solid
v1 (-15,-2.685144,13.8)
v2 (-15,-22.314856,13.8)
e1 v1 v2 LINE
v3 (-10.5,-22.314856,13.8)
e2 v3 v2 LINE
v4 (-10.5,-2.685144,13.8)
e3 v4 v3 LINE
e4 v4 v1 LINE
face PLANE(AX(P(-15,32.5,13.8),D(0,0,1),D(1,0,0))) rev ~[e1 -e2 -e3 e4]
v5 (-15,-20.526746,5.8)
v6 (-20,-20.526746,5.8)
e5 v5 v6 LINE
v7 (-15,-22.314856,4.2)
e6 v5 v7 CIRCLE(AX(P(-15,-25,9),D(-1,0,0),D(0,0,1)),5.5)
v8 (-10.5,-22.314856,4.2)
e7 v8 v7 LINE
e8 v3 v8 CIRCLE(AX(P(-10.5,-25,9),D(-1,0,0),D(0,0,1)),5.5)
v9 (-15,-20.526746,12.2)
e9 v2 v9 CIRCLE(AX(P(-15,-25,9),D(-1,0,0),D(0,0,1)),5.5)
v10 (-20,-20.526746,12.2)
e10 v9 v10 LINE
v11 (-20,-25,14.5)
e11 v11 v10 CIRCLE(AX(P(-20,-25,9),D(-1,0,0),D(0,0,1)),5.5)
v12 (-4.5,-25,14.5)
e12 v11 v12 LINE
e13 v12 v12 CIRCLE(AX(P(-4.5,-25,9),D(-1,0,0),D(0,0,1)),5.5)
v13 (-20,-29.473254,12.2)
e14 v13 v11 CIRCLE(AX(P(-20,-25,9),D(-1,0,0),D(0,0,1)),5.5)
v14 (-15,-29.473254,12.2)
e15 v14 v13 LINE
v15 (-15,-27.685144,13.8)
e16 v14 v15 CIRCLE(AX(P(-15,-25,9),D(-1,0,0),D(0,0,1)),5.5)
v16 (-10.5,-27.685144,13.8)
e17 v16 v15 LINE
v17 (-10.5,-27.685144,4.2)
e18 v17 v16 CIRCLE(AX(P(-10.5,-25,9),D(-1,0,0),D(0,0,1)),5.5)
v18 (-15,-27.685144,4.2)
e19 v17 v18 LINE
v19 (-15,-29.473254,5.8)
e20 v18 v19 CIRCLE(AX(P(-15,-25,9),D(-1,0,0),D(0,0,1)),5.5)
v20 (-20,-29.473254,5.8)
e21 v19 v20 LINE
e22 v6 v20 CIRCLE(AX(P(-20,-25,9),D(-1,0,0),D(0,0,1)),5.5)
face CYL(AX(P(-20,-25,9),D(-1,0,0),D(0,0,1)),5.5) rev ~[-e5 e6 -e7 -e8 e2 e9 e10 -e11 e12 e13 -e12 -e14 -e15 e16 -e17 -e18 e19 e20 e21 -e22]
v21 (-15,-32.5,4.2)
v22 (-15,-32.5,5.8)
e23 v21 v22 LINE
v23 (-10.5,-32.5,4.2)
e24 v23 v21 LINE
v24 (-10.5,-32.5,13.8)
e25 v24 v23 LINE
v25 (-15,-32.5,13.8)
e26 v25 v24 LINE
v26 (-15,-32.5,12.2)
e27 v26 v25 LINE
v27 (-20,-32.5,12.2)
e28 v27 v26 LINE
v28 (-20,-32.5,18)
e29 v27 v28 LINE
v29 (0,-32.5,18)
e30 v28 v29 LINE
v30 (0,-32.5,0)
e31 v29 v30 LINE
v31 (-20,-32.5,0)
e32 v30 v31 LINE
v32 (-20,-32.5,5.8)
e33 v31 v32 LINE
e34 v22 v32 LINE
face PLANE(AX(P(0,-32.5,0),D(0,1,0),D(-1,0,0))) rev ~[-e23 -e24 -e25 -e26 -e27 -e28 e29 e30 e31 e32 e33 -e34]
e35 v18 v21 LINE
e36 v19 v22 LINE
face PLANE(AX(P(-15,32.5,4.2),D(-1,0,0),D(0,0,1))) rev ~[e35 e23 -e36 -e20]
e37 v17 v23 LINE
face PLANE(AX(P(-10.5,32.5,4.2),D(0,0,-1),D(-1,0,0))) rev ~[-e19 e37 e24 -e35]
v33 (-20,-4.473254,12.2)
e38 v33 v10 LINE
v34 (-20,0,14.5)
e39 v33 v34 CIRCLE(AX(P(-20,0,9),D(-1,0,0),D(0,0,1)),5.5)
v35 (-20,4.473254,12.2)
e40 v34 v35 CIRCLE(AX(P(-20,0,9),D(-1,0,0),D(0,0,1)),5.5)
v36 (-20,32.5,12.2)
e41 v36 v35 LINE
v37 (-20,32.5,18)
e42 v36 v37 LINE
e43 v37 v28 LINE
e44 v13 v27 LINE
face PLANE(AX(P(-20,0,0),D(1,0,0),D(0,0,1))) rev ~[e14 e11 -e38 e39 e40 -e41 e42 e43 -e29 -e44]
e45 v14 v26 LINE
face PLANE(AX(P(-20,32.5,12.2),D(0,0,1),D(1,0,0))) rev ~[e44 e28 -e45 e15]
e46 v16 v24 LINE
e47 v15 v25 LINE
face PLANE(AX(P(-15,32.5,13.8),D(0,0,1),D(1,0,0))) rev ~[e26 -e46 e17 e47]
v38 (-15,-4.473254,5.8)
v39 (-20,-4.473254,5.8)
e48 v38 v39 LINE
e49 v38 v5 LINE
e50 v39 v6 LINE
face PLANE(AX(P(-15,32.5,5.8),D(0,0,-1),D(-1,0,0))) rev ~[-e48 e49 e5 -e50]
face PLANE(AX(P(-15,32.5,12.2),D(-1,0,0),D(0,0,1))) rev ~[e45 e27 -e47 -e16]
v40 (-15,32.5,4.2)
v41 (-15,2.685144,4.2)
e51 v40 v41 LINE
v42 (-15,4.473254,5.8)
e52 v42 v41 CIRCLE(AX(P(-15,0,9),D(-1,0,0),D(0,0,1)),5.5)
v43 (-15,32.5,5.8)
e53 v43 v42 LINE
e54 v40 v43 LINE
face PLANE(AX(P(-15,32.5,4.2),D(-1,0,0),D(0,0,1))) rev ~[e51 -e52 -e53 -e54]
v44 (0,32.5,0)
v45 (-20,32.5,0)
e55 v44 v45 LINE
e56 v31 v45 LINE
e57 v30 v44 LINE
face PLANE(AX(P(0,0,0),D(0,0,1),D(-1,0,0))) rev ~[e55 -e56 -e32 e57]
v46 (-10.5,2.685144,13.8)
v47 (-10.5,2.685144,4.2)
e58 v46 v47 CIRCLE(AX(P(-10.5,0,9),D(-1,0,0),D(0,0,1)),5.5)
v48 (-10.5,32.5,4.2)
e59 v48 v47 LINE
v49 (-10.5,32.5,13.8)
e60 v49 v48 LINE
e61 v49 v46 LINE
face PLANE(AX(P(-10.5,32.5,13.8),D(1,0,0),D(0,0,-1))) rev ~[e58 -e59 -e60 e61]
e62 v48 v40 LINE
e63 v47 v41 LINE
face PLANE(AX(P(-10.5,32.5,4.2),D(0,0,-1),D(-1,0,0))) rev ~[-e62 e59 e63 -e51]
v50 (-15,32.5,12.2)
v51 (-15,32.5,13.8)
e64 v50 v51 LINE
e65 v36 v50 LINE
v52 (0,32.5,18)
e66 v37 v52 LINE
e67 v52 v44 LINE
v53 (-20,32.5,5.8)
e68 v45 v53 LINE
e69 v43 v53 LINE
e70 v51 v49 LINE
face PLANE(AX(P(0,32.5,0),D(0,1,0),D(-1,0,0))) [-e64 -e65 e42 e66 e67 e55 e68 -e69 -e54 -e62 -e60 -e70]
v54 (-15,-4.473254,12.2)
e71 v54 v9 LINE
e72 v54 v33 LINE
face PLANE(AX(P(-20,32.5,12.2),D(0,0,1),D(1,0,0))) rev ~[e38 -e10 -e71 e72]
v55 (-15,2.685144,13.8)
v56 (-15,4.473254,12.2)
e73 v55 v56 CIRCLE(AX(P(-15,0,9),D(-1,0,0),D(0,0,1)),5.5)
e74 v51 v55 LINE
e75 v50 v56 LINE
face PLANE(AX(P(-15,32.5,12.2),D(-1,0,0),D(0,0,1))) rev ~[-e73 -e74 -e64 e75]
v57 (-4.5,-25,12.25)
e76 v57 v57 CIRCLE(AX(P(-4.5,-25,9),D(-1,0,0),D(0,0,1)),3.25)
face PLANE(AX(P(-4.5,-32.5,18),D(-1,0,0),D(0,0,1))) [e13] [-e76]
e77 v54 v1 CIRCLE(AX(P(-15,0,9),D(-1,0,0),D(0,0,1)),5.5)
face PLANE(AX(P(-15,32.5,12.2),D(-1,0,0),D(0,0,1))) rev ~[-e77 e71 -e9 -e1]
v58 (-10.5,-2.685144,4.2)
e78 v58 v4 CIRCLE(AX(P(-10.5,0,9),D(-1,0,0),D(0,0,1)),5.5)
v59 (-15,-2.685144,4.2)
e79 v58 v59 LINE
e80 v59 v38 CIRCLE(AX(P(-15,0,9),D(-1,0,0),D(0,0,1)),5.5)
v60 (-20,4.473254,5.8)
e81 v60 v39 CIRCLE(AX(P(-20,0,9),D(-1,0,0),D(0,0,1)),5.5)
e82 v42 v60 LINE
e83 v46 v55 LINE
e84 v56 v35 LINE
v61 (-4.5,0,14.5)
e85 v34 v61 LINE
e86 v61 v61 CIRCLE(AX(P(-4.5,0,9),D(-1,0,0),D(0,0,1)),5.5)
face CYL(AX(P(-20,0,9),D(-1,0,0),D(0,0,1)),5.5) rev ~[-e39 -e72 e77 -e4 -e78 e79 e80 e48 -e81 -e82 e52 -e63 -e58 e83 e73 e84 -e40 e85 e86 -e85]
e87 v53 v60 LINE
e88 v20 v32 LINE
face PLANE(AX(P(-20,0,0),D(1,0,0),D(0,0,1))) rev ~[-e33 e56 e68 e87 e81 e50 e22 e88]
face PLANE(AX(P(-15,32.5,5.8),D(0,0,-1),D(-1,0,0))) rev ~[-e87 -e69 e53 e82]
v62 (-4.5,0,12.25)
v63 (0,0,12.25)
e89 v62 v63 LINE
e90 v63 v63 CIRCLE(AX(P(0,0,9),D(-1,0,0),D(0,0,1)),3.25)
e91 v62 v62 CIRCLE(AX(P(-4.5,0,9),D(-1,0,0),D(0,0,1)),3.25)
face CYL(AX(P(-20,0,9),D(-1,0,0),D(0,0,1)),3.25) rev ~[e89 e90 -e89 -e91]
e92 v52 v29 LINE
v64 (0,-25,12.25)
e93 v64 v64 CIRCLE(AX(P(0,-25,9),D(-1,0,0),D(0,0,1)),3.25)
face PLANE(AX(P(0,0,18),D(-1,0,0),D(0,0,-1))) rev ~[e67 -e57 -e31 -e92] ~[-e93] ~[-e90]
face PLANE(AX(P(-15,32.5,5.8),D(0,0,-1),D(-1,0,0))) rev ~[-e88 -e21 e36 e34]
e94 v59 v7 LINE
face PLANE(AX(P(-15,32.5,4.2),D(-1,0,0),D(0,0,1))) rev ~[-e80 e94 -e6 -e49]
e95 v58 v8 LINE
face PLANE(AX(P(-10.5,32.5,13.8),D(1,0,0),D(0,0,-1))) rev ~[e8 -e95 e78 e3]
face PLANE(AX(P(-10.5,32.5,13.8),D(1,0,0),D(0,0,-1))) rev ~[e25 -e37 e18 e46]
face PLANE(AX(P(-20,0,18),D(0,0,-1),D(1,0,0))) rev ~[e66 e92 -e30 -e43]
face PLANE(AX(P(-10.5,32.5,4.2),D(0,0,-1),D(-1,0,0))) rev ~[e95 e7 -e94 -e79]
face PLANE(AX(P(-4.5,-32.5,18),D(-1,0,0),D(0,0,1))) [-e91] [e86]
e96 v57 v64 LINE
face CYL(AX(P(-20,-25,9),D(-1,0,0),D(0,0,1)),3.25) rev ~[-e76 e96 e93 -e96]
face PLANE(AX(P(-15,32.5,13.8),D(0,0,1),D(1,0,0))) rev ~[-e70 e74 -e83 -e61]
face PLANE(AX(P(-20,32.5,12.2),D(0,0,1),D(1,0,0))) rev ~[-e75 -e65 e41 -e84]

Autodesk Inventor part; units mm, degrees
ref_plane "YZ Plane" through (0, 0, 0) normal (1, 0, 0) x (0, 1, 0)
ref_plane "XZ Plane" through (0, 0, 0) normal (0, 1, 0) x (-1, 0, 0)
ref_plane "XY Plane" through (0, 0, 0) normal (0, 0, 1) x (1, 0, 0)
sketch "Sketch1" plane through (0, 0, 0) normal (0, 1, 0) x (-1, 0, 0)
  line L0 (0, 0) -> (20, 0)
  line L1 (20, 0) -> (20, 18)
  line L2 (20, 18) -> (0, 18)
  line L3 (0, 18) -> (0, 0)
  dimension "d0" = 18
  dimension "d1" = 20
extrude "Extrusion1" add sketch "Sketch1" along normal mid plane 65
sketch "Sketch2" plane through (-20, -32.5, 18) normal (-1, 0, 0) x (0, 0, 1)
  circle A0 centre (-9, 7.5) radius 3.25
  circle A1 centre (-9, 32.5) radius 3.25
  circle A2 centre (-9, 7.5) radius 5.5
  circle A3 centre (-9, 32.5) radius 5.5
  line L0 (0, 0) -> (-18, 0) projected
  line L1 (-18, 32.5) -> (8.866, 32.5) construction
  line L2 (-9, 65.0931) -> (-9, 0) construction
  dimension "d4" = 6.5
  dimension "d5" = 6.5
  dimension "d8" = 11
  dimension "d9" = 11
  dimension "d34" = 25
extrude "Extrusion2" cut sketch "Sketch2" against normal through all contours A0 | A1
extrude "Extrusion3" cut sketch "Sketch2" against normal blind 15.5
sketch "Sketch4" plane through (0, 32.5, 0) normal (0, 1, 0) x (1, 0, 0)
  line L0 (-20, 0) -> (-20, -18) projected
  line L1 (-20, -9) -> (2.4786, -9) construction
  line L2 (-20, -12.2) -> (-15, -12.2)
  line L3 (-15, -12.2) -> (-15, -13.8)
  line L4 (-15, -13.8) -> (-10.5, -13.8)
  line L5 (-10.5, -13.8) -> (-10.5, -4.2)
  line L6 (-10.5, -4.2) -> (-15, -4.2)
  line L7 (-15, -4.2) -> (-15, -5.8)
  line L8 (-15, -5.8) -> (-20, -5.8)
  line L9 (-20, -12.2) -> (-20, -5.8)
  point P0 (0, 0)
  dimension "d28" = 6.4
  dimension "d29" = 4.5
  dimension "d30" = 9.6
  dimension "d31" = 5
extrude "Extrusion4" cut sketch "Sketch4" against normal through all
properties part number "HeadbarHolderBracketAdjustable20mm" material "Aluminum 6061"
